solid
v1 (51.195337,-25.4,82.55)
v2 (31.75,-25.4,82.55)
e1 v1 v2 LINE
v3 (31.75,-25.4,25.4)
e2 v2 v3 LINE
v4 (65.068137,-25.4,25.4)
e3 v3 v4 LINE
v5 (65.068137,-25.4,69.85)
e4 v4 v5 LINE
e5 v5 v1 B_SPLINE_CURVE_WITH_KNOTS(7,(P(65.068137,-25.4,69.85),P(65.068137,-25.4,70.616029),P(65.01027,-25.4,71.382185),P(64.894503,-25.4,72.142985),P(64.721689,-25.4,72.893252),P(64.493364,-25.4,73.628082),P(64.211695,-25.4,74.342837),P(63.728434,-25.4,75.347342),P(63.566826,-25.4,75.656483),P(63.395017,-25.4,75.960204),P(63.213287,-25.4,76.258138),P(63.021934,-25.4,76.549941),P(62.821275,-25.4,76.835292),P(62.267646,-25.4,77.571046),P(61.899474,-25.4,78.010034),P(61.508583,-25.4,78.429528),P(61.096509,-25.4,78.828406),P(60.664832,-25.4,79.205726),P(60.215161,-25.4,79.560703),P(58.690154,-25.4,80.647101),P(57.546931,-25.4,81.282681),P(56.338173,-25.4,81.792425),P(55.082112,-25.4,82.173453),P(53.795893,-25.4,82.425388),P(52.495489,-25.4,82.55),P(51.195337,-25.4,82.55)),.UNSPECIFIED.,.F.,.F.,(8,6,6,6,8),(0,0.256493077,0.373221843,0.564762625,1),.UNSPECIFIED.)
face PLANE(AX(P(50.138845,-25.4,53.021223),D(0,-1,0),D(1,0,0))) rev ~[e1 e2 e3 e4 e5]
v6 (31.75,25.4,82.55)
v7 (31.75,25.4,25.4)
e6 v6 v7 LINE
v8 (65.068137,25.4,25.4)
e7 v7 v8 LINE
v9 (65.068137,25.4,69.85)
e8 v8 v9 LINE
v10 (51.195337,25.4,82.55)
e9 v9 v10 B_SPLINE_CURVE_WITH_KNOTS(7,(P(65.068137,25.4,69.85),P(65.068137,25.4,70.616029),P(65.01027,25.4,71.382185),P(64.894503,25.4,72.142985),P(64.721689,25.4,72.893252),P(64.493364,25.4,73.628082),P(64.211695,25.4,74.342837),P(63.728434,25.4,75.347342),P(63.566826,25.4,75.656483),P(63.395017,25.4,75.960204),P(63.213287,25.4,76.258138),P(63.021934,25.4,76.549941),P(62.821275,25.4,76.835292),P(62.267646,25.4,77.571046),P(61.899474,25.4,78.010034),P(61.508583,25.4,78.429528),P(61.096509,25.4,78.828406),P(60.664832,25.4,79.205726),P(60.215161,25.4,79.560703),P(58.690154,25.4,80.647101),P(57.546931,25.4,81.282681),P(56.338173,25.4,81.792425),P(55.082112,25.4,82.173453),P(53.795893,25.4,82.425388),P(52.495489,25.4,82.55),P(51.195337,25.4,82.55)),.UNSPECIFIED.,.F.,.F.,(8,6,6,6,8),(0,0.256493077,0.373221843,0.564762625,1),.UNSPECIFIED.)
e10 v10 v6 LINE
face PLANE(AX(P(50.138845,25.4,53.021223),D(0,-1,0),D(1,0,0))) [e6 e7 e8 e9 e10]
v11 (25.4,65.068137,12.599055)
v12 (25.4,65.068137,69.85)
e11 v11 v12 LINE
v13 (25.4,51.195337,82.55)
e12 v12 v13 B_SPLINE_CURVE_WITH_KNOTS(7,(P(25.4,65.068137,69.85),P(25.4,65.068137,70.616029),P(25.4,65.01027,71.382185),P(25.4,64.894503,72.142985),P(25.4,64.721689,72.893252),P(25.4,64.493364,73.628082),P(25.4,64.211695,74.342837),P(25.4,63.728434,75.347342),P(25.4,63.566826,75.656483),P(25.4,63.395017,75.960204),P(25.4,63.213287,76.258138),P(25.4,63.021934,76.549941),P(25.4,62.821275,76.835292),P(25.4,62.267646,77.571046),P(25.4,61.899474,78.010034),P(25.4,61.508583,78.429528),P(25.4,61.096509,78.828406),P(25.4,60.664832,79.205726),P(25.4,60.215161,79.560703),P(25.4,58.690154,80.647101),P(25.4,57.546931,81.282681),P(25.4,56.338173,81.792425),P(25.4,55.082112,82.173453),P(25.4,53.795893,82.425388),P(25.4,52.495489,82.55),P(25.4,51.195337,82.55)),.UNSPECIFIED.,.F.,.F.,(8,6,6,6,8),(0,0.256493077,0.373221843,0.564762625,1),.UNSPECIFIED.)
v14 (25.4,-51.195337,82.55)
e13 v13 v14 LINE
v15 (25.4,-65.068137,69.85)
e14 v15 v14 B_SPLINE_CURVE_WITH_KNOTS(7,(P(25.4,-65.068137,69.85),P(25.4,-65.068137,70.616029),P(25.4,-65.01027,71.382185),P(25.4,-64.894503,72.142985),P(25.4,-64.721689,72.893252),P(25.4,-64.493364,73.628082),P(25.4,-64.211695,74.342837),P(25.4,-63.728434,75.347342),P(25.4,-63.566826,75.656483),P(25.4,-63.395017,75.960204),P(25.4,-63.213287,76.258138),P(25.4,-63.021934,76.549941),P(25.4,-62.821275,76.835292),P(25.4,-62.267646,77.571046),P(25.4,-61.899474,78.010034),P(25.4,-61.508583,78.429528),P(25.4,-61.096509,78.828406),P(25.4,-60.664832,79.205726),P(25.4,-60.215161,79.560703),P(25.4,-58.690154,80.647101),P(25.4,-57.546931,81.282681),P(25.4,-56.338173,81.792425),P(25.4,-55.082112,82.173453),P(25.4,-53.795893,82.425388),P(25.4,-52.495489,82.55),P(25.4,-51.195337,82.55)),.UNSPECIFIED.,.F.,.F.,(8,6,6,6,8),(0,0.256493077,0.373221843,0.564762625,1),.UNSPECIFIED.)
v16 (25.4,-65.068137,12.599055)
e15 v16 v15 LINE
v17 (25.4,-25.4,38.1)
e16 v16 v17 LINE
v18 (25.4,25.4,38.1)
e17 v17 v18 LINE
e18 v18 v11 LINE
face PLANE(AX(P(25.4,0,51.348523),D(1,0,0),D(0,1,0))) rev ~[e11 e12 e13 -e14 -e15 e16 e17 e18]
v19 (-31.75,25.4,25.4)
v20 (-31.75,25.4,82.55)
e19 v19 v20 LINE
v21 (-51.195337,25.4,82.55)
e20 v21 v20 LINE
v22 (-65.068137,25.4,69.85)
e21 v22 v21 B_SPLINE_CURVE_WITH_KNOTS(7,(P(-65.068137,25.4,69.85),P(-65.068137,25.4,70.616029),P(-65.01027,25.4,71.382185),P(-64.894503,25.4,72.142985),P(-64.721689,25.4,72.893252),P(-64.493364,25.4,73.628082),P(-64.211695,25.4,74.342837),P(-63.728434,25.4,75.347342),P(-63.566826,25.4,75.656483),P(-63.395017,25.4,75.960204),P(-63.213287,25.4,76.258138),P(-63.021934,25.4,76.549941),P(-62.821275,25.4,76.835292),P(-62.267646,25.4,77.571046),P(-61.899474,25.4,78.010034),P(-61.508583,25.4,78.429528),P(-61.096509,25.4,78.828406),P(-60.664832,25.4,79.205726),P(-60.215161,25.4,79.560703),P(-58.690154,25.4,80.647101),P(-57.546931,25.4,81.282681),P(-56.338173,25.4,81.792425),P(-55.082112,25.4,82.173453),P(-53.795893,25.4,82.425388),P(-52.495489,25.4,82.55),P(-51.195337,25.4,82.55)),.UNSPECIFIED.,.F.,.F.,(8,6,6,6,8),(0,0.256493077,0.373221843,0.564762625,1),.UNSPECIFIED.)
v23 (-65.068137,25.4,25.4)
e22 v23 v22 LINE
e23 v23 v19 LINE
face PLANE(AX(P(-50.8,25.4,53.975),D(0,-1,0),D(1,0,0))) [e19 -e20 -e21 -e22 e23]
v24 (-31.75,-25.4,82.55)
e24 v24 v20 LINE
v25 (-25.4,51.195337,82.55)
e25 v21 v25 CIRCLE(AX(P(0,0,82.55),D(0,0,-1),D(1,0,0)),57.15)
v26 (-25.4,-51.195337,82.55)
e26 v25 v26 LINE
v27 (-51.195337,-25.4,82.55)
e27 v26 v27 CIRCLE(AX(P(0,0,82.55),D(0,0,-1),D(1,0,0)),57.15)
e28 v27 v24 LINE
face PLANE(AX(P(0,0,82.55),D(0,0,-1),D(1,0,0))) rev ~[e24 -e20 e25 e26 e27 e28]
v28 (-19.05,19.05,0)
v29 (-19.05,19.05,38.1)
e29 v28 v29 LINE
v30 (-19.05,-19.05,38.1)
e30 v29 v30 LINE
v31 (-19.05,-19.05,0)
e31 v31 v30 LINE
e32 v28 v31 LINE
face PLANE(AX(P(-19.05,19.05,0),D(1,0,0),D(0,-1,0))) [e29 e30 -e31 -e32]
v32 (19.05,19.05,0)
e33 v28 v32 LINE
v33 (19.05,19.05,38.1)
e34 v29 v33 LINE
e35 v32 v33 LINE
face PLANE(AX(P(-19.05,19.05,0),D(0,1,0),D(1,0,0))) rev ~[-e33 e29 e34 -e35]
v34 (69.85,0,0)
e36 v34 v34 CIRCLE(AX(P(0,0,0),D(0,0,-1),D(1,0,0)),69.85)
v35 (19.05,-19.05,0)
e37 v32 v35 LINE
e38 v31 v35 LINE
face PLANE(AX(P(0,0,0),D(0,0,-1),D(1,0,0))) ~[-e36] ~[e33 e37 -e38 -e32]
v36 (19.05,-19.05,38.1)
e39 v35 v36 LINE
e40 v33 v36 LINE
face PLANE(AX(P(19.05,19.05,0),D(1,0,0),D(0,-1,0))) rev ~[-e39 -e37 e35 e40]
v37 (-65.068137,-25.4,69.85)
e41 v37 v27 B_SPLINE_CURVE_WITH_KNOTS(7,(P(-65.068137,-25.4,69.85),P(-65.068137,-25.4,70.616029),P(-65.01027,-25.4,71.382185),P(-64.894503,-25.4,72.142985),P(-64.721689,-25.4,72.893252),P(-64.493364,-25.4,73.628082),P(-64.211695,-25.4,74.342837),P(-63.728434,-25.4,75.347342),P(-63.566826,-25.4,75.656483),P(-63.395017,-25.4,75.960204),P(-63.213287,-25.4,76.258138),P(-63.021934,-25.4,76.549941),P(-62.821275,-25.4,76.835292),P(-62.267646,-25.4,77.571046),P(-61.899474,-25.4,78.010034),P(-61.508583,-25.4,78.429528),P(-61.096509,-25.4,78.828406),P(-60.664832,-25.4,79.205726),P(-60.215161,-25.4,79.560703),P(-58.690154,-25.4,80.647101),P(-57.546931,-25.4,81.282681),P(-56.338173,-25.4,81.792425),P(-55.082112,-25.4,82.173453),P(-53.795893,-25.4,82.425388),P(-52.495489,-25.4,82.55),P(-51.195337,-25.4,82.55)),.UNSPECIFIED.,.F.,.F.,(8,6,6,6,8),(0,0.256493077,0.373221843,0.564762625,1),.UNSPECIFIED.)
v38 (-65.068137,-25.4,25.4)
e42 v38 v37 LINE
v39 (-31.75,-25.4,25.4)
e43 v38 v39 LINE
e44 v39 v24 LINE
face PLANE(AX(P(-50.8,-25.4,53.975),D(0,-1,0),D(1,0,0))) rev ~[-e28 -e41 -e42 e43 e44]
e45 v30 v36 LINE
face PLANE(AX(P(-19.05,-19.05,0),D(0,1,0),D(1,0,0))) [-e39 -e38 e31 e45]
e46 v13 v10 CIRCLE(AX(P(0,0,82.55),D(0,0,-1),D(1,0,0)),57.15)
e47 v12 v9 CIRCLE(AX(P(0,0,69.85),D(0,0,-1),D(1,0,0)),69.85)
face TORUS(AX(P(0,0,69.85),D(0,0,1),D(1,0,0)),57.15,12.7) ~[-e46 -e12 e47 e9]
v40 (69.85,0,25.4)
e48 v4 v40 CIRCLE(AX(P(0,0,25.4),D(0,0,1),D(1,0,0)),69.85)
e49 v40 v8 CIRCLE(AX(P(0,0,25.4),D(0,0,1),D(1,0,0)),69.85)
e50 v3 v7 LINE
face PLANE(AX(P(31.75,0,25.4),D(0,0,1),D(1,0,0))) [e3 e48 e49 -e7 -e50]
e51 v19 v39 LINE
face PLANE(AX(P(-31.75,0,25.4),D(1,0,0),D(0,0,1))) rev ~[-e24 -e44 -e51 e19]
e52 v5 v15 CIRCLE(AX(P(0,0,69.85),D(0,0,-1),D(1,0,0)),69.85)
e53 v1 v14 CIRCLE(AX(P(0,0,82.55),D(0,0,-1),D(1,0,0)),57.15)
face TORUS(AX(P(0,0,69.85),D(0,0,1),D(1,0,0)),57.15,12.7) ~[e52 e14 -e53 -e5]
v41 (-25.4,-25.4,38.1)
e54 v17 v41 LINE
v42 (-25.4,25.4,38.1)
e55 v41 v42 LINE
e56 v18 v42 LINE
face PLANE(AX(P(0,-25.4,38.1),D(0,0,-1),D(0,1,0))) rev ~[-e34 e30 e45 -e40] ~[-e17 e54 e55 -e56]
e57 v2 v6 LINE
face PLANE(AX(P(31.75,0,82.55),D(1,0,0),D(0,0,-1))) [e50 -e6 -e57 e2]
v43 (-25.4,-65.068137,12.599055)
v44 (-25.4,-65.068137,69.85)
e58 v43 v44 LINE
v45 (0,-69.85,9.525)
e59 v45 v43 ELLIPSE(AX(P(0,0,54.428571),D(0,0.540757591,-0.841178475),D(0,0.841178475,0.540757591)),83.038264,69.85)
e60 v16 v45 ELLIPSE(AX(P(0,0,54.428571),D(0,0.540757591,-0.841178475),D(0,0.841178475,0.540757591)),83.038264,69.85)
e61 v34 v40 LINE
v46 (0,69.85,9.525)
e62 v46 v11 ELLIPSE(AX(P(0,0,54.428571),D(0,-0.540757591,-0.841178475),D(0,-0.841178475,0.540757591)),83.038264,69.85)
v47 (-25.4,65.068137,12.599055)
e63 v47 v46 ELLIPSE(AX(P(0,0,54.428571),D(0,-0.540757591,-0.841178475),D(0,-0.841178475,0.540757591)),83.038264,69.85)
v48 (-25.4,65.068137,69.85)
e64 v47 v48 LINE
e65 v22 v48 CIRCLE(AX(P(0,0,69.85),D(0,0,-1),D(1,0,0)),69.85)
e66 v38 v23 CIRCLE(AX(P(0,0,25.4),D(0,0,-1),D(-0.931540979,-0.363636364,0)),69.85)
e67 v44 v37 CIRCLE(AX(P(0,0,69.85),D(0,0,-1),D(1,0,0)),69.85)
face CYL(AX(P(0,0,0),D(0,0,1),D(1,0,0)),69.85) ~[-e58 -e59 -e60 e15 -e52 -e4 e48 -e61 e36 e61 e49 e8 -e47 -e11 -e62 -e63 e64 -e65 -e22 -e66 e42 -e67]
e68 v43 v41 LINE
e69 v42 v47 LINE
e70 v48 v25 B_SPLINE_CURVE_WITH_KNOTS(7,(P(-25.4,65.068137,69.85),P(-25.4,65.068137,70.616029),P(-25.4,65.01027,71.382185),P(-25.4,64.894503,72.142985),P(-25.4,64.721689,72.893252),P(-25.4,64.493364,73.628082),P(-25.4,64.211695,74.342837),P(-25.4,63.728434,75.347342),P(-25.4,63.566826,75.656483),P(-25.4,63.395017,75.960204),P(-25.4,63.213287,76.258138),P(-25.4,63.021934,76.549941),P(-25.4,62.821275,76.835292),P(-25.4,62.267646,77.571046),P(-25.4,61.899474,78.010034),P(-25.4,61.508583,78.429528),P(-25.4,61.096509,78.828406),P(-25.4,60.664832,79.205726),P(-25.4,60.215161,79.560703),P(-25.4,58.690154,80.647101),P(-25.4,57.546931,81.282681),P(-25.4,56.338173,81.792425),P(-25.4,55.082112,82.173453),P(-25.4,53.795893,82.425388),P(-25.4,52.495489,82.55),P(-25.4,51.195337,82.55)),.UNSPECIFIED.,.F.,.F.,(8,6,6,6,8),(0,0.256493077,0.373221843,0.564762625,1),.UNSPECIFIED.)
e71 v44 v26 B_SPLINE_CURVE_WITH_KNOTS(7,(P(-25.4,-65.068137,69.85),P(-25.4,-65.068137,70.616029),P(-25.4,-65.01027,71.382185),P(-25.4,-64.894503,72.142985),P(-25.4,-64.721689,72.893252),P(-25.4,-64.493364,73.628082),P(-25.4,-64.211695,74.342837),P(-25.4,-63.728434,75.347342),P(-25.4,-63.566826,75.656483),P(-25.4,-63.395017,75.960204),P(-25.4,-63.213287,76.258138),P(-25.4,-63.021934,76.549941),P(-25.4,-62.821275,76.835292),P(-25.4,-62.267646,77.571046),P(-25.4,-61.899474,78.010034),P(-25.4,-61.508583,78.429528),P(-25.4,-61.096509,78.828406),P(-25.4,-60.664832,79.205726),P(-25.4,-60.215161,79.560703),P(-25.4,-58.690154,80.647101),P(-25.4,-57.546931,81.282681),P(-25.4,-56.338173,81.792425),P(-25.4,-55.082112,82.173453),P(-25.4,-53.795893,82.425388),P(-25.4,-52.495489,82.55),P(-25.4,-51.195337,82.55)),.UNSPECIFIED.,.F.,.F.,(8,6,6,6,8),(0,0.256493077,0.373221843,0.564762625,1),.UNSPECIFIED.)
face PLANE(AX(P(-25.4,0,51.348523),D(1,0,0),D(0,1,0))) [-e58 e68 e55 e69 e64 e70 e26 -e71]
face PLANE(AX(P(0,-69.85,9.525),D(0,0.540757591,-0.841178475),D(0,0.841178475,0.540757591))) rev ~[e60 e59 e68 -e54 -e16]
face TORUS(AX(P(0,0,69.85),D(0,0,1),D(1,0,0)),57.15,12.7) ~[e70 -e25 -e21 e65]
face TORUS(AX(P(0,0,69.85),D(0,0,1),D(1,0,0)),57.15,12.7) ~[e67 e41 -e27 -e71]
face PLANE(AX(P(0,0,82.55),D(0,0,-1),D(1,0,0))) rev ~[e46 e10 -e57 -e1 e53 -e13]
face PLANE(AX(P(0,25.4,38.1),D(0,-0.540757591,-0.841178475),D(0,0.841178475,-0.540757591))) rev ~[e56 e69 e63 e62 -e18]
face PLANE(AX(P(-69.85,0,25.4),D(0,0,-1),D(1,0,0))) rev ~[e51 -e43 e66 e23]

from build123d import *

# Parameters (mm, degrees)
F0_W     = 38.1
F0_H     = 57.15
F2_DEPTH = 25.4
F4_DEPTH = 25.4
F5_W     = 38.1
F5_H     = 38.1
F6_DEPTH = 82.5510001


with BuildPart() as f1:
    # F0 (on Front) → F1 (revolve)
    with BuildSketch(Plane.XZ):
        with BuildLine():
            Line((31.75, 25.4), (69.85, 25.4))
            Line((69.85, 25.4), (69.85, 69.85))
            ThreePointArc((69.85, 69.85), (66.1302561211, 78.8302561211), (57.15, 82.55))
            Line((57.15, 82.55), (31.75, 82.55))
            Line((31.75, 82.55), (31.75, 25.4))
        make_face()
        Polygon((0, 0), (38.1, 0), (69.85, 0), (69.85, 25.4), (31.75, 25.4), (31.75, 82.55), (0, 82.55), align=None)
    revolve(axis=Axis((0, 0, 41.275), (0, 0, -1)))

    # F0 (on Front) → F2 (cut, symmetric)
    with BuildSketch(Plane.XZ):
        with BuildLine():
            Line((31.75, 25.4), (69.85, 25.4))
            Line((69.85, 25.4), (69.85, 69.85))
            ThreePointArc((69.85, 69.85), (66.1302561211, 78.8302561211), (57.15, 82.55))
            Line((57.15, 82.55), (31.75, 82.55))
            Line((31.75, 82.55), (31.75, 25.4))
        make_face()
        with Locations((-50.8, 53.975)):
            Rectangle(F0_W, F0_H)
    extrude(amount=F2_DEPTH, both=True, mode=Mode.SUBTRACT)

    # F3 (on Right) → F4 (cut, symmetric)
    with BuildSketch(Plane.YZ):
        Polygon((69.85, 9.525), (69.85, 82.55), (-69.85, 82.55), (-69.85, 9.525), (-25.4, 38.1), (25.4, 38.1), align=None)
    extrude(amount=F4_DEPTH, both=True, mode=Mode.SUBTRACT)

    # F5 (on face) → F6 (cut, through all)
    with BuildSketch(Plane(origin=(0, 0, 0), x_dir=(1, 0, 0), z_dir=(0, 0, -1))):
        Rectangle(F5_W, F5_H)
    extrude(amount=-F6_DEPTH, mode=Mode.SUBTRACT)


solid = f1.part
